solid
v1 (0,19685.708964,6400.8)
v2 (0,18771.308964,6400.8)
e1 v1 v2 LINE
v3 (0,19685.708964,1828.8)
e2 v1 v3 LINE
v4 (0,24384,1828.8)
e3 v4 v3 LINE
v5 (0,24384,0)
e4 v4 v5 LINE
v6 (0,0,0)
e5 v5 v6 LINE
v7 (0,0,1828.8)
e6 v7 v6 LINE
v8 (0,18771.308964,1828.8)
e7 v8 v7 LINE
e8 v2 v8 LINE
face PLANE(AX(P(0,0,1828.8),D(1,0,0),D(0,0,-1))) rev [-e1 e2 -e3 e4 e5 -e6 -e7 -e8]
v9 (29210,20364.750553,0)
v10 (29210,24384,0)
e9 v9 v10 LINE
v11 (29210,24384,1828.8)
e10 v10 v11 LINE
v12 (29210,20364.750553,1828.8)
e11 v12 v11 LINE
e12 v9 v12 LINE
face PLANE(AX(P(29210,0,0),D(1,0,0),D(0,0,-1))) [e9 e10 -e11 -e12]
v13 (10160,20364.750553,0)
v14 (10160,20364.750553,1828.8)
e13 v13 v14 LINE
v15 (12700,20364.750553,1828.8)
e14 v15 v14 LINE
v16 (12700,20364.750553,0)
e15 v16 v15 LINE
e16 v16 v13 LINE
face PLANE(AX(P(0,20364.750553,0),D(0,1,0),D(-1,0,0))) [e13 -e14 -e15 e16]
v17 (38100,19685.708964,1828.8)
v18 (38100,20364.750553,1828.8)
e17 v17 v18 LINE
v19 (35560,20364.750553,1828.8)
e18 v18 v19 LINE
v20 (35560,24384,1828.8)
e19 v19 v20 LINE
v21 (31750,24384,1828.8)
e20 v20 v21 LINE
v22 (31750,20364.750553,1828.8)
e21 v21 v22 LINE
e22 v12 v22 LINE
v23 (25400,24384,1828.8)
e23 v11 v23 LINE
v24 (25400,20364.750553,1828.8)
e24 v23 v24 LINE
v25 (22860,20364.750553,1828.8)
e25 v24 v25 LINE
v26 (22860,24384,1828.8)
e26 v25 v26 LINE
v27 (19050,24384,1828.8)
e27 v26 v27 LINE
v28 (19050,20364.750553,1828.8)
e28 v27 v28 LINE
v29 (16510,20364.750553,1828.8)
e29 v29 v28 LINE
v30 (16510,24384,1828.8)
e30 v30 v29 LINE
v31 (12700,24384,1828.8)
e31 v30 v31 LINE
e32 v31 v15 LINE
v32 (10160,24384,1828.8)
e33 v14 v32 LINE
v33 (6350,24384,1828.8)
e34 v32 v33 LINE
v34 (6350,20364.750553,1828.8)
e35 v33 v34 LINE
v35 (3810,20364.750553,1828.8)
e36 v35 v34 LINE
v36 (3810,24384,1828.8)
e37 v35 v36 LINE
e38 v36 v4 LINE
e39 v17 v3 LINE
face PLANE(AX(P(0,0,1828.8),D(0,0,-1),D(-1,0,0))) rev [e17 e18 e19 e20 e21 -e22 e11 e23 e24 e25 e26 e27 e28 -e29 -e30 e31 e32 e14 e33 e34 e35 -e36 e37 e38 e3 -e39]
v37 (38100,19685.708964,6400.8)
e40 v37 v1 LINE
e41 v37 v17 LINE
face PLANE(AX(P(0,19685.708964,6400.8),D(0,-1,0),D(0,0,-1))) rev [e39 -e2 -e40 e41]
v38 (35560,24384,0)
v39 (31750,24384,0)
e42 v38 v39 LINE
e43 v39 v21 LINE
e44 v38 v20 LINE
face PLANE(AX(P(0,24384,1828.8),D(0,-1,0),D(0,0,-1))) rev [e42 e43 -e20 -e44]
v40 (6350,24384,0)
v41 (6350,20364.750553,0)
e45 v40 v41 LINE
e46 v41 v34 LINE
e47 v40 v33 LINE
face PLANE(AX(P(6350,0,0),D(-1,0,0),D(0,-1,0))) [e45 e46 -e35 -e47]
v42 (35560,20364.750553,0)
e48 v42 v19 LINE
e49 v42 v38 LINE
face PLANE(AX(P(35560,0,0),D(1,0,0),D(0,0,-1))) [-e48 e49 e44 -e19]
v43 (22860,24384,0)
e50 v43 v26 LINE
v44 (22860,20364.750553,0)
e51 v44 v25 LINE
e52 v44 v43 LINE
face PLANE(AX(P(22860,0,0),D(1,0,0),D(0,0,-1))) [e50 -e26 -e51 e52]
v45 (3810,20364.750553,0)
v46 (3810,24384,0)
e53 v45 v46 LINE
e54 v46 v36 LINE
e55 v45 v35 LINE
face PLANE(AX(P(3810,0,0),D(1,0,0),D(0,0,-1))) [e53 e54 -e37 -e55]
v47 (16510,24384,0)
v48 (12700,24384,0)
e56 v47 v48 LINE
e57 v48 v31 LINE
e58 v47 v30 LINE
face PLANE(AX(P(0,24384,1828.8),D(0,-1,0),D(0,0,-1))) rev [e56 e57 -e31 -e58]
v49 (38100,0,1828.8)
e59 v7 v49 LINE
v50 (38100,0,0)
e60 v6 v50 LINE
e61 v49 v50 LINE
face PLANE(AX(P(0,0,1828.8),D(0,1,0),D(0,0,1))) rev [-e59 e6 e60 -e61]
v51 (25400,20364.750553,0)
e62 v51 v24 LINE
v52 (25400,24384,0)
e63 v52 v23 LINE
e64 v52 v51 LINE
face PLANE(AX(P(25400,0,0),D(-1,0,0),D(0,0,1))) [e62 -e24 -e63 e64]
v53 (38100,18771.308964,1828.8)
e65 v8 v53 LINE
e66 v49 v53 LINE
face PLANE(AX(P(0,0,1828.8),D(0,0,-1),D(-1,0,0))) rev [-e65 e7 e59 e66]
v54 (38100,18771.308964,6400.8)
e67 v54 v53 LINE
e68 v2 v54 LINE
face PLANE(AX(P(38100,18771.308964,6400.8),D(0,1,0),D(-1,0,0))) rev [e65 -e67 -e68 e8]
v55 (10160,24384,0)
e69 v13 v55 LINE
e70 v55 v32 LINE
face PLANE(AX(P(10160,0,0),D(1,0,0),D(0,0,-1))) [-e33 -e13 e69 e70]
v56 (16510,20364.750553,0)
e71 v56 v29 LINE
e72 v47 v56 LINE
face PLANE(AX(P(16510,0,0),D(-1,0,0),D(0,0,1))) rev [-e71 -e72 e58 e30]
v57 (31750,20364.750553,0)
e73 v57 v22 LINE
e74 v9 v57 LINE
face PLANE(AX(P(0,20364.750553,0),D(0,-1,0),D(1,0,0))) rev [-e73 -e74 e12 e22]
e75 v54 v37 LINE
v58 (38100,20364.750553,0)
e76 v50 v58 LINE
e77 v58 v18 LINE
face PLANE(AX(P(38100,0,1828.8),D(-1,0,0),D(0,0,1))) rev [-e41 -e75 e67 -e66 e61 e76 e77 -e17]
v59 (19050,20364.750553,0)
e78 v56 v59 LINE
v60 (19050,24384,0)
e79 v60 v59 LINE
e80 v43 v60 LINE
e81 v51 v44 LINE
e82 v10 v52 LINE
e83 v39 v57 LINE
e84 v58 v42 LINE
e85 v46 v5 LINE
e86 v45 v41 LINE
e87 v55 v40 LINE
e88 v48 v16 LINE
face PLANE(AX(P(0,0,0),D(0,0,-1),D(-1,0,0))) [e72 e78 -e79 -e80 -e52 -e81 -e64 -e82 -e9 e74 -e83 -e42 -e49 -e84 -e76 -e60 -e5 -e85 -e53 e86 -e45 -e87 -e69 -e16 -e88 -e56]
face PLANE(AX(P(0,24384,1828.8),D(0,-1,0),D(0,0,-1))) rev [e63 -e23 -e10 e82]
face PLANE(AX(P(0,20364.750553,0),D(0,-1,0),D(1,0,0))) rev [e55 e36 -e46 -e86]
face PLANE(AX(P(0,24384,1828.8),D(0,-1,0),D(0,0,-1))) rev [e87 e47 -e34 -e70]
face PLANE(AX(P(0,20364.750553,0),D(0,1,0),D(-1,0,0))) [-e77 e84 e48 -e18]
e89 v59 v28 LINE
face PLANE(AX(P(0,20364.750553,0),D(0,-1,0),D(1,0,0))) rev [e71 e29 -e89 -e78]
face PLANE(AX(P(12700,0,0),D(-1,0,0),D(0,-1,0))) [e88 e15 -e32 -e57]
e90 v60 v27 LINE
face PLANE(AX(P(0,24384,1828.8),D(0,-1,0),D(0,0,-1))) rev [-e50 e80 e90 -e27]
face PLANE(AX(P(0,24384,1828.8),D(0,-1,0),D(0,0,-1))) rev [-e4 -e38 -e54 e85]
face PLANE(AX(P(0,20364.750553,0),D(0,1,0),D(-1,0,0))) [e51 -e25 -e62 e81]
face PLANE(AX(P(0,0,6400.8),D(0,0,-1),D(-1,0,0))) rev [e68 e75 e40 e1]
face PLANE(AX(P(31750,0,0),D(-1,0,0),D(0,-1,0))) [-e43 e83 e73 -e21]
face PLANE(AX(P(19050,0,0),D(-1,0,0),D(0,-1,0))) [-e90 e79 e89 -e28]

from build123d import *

# Parameters (mm, degrees)
SKETCH1_W           = 38100
SKETCH1_H           = 24384
BOSS_EXTRUDE1_DEPTH = 1828.8
SKETCH2_W           = 2540
SKETCH2_H           = 4019.249447419
CUT_EXTRUDE2_DEPTH  = 1828.8
SKETCH3_W           = 38100
SKETCH3_H           = 914.4
BOSS_EXTRUDE3_DEPTH = 4572


with BuildPart() as part:
    # Sketch1 → Boss-Extrude1 (new body)
    with BuildSketch(Plane.XY):
        with Locations((19050, 12192)):
            Rectangle(SKETCH1_W, SKETCH1_H)
    extrude(amount=BOSS_EXTRUDE1_DEPTH)

    # Sketch2 → Cut-Extrude2 (cut)
    with BuildSketch(Plane.XY.offset(1828.8)):
        with Locations((5080, 22374.37527629)):
            Rectangle(SKETCH2_W, SKETCH2_H)
        Polygon((11430, 24384), (10160, 24384), (10160, 20364.750552581), (12700, 20364.750552581), (12700, 24384), align=None)
        with Locations((17780, 22374.37527629)):
            Rectangle(SKETCH2_W, SKETCH2_H)
        with Locations((24130, 22374.37527629)):
            Rectangle(SKETCH2_W, SKETCH2_H)
        with Locations((30480, 22374.37527629)):
            Rectangle(SKETCH2_W, SKETCH2_H)
        with Locations((36830, 22374.37527629)):
            Rectangle(SKETCH2_W, SKETCH2_H)
    extrude(amount=-CUT_EXTRUDE2_DEPTH, mode=Mode.SUBTRACT)

    # Sketch3 → Boss-Extrude3 (add)
    with BuildSketch(Plane.XY.offset(1828.8)):
        with Locations((19050, 19228.508963642)):
            Rectangle(SKETCH3_W, SKETCH3_H)
    extrude(amount=BOSS_EXTRUDE3_DEPTH)


solid = part.part
